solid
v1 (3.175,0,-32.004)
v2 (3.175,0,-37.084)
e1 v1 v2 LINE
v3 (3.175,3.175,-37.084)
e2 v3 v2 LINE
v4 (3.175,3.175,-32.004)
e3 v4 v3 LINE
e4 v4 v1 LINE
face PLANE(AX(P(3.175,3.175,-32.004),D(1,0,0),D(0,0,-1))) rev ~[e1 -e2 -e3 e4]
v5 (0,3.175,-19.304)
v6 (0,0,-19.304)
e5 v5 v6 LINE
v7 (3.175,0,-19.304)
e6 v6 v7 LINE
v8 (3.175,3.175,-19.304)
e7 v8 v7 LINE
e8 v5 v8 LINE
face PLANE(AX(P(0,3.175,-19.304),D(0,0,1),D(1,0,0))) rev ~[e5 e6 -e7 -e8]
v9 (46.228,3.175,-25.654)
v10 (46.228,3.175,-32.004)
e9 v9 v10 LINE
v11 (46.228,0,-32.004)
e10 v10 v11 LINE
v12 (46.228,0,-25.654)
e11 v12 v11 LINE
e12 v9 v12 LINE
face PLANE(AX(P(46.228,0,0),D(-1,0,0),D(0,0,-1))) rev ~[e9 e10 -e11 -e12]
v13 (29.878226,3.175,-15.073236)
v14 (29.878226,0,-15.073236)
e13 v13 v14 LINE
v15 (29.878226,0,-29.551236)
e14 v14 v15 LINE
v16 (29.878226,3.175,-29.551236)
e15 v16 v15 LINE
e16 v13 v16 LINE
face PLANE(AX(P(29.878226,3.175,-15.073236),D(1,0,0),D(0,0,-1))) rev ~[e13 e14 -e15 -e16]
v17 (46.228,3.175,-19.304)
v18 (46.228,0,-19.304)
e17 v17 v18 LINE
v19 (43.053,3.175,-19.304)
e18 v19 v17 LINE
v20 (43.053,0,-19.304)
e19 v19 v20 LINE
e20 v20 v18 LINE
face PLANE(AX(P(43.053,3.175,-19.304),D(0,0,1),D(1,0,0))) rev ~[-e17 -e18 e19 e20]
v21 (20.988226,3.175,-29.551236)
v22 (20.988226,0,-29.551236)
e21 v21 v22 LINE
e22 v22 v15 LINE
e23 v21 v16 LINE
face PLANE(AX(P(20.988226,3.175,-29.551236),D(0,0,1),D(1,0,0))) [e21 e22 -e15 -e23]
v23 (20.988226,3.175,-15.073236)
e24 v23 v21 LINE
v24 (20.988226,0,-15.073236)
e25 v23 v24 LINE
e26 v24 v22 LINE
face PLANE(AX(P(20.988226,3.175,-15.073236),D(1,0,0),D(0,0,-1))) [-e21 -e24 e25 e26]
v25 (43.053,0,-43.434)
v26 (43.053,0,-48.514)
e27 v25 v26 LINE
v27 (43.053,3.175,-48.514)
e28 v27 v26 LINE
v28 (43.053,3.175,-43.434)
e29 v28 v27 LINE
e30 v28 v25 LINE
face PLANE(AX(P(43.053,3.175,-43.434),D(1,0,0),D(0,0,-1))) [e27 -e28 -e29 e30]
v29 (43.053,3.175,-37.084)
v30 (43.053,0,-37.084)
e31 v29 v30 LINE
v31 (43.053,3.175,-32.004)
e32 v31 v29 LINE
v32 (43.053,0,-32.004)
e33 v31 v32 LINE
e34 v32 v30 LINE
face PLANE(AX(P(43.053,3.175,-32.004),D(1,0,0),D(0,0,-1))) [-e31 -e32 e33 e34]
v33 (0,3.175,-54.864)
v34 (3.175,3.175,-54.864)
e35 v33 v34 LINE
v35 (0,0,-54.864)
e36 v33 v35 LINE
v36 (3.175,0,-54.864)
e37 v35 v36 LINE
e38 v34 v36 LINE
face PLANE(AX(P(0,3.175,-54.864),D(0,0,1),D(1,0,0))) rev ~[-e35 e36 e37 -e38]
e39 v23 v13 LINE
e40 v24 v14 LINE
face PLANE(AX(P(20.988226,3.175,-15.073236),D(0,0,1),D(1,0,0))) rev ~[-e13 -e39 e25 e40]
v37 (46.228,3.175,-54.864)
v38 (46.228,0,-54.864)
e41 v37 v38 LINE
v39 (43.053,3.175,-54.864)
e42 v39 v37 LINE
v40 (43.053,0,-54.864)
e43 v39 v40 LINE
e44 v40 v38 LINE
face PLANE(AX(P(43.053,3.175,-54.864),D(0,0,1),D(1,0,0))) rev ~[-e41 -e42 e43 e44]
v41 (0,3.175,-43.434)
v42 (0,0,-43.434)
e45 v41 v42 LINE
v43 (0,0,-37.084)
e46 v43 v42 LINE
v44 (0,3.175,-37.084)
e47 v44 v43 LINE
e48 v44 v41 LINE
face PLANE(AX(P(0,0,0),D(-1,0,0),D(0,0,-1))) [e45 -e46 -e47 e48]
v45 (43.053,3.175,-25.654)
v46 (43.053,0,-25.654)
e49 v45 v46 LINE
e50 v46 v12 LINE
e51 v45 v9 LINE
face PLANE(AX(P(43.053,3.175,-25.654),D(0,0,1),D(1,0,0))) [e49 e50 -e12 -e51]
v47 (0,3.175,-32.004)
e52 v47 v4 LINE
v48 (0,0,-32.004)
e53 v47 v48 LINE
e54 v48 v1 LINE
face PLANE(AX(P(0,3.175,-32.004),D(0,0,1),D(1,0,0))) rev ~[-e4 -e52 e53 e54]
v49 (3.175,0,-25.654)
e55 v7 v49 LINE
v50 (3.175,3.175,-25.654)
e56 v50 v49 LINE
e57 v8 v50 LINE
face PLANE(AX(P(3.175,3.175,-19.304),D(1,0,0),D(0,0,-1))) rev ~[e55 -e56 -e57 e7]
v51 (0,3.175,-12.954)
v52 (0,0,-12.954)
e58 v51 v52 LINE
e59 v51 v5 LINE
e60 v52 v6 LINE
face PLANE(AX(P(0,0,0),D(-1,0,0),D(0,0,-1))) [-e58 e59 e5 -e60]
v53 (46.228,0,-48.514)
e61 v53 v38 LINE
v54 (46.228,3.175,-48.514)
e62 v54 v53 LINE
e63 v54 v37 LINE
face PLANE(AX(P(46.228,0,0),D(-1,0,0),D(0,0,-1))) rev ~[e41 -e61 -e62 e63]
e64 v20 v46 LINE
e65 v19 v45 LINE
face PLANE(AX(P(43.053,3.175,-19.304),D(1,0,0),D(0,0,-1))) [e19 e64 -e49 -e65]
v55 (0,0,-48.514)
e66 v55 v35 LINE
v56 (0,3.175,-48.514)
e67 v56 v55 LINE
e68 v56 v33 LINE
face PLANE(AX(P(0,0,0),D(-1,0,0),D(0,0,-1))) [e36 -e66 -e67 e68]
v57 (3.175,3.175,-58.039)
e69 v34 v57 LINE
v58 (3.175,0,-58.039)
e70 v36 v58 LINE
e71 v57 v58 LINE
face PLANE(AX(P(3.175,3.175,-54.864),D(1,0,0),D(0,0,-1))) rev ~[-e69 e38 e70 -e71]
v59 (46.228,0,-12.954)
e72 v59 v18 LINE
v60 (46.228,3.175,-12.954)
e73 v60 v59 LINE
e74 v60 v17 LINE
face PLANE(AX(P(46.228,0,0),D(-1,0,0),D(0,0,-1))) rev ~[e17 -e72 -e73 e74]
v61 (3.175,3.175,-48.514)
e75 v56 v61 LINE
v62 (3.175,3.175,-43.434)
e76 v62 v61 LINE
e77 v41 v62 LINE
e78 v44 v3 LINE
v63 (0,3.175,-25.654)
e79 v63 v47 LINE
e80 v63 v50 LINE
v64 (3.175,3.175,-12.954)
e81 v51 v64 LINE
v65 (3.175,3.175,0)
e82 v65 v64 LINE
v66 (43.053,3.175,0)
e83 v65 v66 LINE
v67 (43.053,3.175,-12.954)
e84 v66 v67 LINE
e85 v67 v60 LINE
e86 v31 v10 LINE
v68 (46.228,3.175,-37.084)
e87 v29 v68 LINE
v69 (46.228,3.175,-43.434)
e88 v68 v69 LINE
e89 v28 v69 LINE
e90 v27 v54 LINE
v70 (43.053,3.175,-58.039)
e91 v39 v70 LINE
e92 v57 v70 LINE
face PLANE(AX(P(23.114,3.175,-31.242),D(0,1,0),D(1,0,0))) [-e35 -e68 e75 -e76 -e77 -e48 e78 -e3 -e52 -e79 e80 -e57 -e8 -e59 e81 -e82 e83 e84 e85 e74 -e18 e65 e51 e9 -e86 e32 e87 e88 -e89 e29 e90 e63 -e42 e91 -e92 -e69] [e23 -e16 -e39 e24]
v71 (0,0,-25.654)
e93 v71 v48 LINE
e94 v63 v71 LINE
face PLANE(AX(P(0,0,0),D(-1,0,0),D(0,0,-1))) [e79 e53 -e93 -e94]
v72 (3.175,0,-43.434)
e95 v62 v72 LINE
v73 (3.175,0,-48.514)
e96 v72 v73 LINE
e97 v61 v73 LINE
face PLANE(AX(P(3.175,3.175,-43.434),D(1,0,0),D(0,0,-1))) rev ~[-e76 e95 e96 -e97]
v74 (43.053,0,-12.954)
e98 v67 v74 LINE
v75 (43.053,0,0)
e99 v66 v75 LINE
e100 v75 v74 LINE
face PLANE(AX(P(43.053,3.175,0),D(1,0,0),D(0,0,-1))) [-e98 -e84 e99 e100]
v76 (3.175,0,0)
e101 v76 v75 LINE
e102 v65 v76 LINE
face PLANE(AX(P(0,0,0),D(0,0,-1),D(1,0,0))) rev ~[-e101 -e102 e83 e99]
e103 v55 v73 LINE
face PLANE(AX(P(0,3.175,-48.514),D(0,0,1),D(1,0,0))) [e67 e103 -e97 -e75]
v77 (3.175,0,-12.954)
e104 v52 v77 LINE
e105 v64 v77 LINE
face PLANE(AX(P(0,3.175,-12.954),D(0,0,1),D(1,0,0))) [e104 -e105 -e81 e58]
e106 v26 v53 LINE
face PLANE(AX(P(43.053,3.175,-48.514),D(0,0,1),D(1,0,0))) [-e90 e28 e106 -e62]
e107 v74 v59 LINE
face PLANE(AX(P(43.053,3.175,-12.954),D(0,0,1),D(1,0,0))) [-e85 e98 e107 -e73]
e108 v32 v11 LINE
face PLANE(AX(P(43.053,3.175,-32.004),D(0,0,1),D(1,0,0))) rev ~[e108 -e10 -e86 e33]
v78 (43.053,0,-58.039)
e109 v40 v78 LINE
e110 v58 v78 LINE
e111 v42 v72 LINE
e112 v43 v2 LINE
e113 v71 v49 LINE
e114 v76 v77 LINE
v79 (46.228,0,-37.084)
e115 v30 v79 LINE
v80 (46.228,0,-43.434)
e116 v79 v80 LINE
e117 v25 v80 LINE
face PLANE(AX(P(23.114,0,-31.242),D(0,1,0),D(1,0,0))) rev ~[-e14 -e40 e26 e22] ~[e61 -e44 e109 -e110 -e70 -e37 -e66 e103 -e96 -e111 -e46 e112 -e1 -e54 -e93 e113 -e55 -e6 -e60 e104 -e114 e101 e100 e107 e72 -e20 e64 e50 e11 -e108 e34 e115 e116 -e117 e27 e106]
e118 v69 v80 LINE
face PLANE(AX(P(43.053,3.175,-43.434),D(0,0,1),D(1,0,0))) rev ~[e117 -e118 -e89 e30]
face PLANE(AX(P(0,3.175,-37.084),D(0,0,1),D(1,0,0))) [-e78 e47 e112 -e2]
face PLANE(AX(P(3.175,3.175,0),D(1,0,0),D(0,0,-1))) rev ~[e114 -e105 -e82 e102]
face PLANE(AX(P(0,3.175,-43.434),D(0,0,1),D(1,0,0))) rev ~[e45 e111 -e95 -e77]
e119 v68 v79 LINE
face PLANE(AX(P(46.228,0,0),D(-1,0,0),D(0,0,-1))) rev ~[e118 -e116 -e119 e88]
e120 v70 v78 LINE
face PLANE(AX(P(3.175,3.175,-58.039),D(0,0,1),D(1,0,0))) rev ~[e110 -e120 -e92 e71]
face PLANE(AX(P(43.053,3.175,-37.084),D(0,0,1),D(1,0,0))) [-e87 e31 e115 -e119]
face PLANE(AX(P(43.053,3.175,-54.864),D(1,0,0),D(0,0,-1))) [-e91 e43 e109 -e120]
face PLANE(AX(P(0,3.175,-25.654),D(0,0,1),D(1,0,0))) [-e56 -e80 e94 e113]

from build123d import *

# Parameters (mm, degrees)
SKETCH1_W           = 46.228
SKETCH1_H           = 62.484
BOSS_EXTRUDE1_DEPTH = 3.175
SKETCH4_W           = 3.175
SKETCH4_H           = 12.954
SKETCH4_H_2         = 5.08
SKETCH4_H_3         = 7.62
SKETCH4_H_4         = 6.35
SKETCH4_W_2         = 8.89
SKETCH4_H_5         = 14.478
CUT_EXTRUDE2_DEPTH  = 4.064
SKETCH5_W           = 39.878
SKETCH5_H           = 4.445
CUT_EXTRUDE3_DEPTH  = 4.064


with BuildPart() as part:
    # Sketch1 → Boss-Extrude1 (new body)
    with BuildSketch(Plane(origin=(0, 0, 0), x_dir=(1, 0, 0), z_dir=(0, 1, 0))):
        with Locations((23.114, 31.242)):
            Rectangle(SKETCH1_W, SKETCH1_H)
    extrude(amount=BOSS_EXTRUDE1_DEPTH)

    # Sketch4 → Cut-Extrude2 (cut)
    with BuildSketch(Plane(origin=(0, 3.175, 0), x_dir=(1, 0, 0), z_dir=(0, 1, 0))):
        with Locations((44.6405, 6.477)):
            Rectangle(SKETCH4_W, SKETCH4_H)
        with Locations((44.6405, 34.544)):
            Rectangle(SKETCH4_W, SKETCH4_H_2)
        with Locations((44.6405, 45.974)):
            Rectangle(SKETCH4_W, SKETCH4_H_2)
        with Locations((44.6405, 58.674)):
            Rectangle(SKETCH4_W, SKETCH4_H_3)
        with Locations((44.6405, 22.479)):
            Rectangle(SKETCH4_W, SKETCH4_H_4)
        with Locations((1.5875, 6.477)):
            Rectangle(SKETCH4_W, SKETCH4_H)
        with Locations((1.5875, 22.479)):
            Rectangle(SKETCH4_W, SKETCH4_H_4)
        with Locations((1.5875, 34.544)):
            Rectangle(SKETCH4_W, SKETCH4_H_2)
        with Locations((1.5875, 45.974)):
            Rectangle(SKETCH4_W, SKETCH4_H_2)
        with Locations((1.5875, 58.674)):
            Rectangle(SKETCH4_W, SKETCH4_H_3)
        with Locations((25.433226228, 22.312235855)):
            Rectangle(SKETCH4_W_2, SKETCH4_H_5)
    extrude(amount=-CUT_EXTRUDE2_DEPTH, mode=Mode.SUBTRACT)

    # Sketch5 → Cut-Extrude3 (cut)
    with BuildSketch(Plane(origin=(0, 3.175, 0), x_dir=(1, 0, 0), z_dir=(0, 1, 0))):
        with Locations((23.114, 60.2615)):
            Rectangle(SKETCH5_W, SKETCH5_H)
    extrude(amount=-CUT_EXTRUDE3_DEPTH, mode=Mode.SUBTRACT)


solid = part.part
